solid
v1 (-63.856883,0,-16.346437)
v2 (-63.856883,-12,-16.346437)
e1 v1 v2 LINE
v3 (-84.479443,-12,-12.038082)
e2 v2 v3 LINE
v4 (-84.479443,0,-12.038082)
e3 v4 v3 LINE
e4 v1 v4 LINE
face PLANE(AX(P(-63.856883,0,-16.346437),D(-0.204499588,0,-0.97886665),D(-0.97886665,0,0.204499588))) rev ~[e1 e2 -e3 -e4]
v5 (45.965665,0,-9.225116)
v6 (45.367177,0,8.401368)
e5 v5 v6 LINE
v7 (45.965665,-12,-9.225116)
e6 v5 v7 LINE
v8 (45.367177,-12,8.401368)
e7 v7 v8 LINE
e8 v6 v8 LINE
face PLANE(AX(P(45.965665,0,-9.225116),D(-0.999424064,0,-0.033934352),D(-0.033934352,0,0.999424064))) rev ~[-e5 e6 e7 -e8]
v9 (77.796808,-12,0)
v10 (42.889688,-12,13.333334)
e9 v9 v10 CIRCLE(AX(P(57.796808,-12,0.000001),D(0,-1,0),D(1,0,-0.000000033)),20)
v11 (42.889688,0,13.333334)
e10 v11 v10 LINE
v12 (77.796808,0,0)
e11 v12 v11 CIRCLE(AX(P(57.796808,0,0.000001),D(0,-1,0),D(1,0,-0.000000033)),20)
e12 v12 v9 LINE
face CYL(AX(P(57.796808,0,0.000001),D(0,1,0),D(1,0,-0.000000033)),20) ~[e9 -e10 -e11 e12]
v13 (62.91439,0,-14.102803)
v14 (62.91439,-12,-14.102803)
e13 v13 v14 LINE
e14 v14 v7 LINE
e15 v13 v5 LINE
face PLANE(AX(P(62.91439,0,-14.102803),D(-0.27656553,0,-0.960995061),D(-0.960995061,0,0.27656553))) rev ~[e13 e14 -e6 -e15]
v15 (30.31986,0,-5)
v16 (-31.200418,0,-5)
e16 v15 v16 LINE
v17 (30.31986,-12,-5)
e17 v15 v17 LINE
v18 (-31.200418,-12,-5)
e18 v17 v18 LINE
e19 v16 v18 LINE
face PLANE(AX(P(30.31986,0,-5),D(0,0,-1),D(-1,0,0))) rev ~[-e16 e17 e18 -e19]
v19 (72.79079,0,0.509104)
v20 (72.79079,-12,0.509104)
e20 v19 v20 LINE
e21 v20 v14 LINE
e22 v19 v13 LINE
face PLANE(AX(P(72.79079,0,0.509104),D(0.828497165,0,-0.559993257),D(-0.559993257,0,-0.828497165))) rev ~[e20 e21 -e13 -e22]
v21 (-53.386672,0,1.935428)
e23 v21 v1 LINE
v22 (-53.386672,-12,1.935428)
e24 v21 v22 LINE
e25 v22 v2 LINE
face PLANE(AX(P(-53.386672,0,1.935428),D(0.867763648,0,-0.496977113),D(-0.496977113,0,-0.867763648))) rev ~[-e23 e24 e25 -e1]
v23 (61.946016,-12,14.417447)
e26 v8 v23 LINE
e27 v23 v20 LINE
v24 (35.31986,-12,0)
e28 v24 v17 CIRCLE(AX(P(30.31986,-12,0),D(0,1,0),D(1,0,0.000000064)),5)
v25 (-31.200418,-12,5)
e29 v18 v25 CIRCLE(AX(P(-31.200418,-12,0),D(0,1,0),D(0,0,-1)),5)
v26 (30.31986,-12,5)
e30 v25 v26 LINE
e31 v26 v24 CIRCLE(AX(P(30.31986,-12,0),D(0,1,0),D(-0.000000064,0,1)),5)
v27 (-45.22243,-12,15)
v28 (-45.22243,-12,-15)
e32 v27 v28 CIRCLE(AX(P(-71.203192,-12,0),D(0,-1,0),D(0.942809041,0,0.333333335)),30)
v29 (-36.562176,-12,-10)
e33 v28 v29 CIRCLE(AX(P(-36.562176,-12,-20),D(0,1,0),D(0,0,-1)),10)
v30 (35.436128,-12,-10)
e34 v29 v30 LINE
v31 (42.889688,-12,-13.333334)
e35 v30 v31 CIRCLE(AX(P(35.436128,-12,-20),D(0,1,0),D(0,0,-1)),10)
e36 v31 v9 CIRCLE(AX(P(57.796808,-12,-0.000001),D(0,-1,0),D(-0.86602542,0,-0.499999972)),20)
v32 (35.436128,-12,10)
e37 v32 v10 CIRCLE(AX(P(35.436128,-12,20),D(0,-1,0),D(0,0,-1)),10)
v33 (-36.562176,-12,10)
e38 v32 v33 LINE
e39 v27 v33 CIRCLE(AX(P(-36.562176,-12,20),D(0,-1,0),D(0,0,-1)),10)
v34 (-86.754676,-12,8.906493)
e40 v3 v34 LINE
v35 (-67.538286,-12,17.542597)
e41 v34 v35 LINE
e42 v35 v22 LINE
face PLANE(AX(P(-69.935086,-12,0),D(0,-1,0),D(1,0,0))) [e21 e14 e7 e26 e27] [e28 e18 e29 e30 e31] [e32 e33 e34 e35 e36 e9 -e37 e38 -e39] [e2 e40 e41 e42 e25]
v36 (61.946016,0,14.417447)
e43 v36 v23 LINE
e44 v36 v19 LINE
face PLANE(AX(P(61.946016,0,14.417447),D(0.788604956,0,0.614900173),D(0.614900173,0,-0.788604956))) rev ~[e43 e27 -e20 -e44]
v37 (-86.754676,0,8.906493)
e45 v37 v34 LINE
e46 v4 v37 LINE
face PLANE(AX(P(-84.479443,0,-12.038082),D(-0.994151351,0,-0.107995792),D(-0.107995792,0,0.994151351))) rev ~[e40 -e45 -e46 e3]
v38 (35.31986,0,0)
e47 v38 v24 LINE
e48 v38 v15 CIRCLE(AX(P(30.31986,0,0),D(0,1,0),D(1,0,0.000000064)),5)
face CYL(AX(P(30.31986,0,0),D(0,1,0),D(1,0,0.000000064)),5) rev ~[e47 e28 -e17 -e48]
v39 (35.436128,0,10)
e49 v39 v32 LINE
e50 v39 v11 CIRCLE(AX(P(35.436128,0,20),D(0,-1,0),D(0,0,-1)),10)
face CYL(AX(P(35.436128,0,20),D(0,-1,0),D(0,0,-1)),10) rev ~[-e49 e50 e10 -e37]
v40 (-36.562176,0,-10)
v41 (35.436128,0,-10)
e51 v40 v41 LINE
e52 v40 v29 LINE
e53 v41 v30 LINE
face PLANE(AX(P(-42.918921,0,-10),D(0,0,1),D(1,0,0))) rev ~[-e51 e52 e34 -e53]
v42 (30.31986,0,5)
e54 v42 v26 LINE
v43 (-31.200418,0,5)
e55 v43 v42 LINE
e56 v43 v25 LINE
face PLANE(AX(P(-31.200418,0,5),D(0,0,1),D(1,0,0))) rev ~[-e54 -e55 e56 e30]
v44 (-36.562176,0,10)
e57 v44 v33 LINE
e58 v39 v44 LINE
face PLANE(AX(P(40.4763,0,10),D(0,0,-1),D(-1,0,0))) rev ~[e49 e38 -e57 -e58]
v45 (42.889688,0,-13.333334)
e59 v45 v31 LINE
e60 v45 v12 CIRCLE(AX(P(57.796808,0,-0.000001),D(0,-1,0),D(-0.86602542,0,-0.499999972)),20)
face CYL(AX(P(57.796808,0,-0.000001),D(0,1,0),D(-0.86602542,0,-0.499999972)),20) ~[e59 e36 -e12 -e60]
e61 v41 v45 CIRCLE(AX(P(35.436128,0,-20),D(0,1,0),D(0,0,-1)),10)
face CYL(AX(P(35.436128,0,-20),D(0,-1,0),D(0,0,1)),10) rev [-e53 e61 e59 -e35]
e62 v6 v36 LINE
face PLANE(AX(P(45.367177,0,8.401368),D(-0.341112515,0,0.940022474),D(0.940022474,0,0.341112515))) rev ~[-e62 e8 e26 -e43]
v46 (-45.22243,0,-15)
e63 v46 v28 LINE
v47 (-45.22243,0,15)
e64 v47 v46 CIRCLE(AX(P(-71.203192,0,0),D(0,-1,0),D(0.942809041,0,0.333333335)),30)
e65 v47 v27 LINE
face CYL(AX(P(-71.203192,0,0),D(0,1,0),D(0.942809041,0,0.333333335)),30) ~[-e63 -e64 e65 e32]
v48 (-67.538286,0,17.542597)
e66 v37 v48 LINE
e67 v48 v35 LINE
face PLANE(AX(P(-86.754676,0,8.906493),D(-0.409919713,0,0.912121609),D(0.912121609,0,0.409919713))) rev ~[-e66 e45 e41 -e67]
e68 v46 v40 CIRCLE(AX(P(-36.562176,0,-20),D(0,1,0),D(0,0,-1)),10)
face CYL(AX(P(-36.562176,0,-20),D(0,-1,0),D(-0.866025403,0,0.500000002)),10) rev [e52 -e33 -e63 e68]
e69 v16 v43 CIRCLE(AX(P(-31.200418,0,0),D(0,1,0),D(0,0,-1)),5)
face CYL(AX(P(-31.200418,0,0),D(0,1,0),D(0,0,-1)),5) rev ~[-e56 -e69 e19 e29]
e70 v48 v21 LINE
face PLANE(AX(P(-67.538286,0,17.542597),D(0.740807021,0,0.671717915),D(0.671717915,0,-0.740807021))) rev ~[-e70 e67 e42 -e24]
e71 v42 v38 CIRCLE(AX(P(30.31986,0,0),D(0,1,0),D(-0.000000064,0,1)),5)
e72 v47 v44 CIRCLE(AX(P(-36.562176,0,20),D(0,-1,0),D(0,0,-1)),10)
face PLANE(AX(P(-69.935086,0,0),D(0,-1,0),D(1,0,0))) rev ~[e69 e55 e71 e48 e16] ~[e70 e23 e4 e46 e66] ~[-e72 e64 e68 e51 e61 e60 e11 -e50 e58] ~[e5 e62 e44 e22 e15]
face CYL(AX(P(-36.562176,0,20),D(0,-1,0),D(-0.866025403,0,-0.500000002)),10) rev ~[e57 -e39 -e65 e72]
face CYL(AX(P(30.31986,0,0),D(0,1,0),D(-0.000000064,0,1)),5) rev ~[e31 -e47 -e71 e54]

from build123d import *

# Parameters (mm, degrees)
F1_DEPTH = 12
F2_R     = 10


with BuildPart() as f1:
    # F0 (on Front) → F1 (new body)
    with BuildSketch(Plane.XZ):
        with BuildLine():
            Line((-42.918921, -10), (-42.918921, 10))
            ThreePointArc((-42.918921, 10), (-101.203192, 0), (-42.918921, -10))
        make_face()
        Polygon((-86.754676, 8.906493), (-67.538286, 17.542597), (-53.386672, 1.935428), (-63.856883, -16.346437), (-84.479443, -12.038082), align=None, mode=Mode.SUBTRACT)
        with BuildLine():
            Line((40.4763, 10), (-42.918921, 10))
            ThreePointArc((-42.918921, 10), (-41.635235, 5.073059), (-41.203192, 0))
            ThreePointArc((-41.203192, 0), (-41.635235, -5.073059), (-42.918921, -10))
            Line((-42.918921, -10), (40.4763, -10))
            ThreePointArc((40.4763, -10), (37.796808, 0), (40.4763, 10))
        make_face()
        with BuildLine():
            ThreePointArc((-31.200418, -5), (-36.200418, 0), (-31.200418, 5))
            Line((-31.200418, 5), (30.31986, 5))
            ThreePointArc((30.31986, 5), (33.855394, 3.535534), (35.31986, 0))
            ThreePointArc((35.31986, 0), (33.855394, -3.535534), (30.31986, -5))
            Line((30.31986, -5), (-31.200418, -5))
        make_face(mode=Mode.SUBTRACT)
        with BuildLine():
            ThreePointArc((-41.203192, 0), (-41.635235, 5.073059), (-42.918921, 10))
            Line((-42.918921, 10), (-42.918921, -10))
            ThreePointArc((-42.918921, -10), (-41.635235, -5.073059), (-41.203192, 0))
        make_face()
        with BuildLine():
            Line((40.4763, -10), (40.4763, 10))
            ThreePointArc((40.4763, 10), (37.796808, 0), (40.4763, -10))
        make_face()
        with BuildLine():
            ThreePointArc((77.796808, 0), (62.973189, 19.318517), (40.4763, 10))
            Line((40.4763, 10), (40.4763, -10))
            ThreePointArc((40.4763, -10), (62.973189, -19.318517), (77.796808, 0))
        make_face()
        Polygon((45.367177, 8.401368), (61.946016, 14.417447), (72.79079, 0.509104), (62.91439, -14.102803), (45.965665, -9.225116), align=None, mode=Mode.SUBTRACT)
    extrude(amount=F1_DEPTH)

    # F2
    f2_edges = [f1.edges().sort_by_distance(p)[0] for p in [
        (-42.918921, -6, -10),
        (40.4763, -6, -10),
        (40.4763, -6, 10),
        (-42.918921, -6, 10),
    ]]
    fillet(f2_edges, radius=F2_R)


solid = f1.part
